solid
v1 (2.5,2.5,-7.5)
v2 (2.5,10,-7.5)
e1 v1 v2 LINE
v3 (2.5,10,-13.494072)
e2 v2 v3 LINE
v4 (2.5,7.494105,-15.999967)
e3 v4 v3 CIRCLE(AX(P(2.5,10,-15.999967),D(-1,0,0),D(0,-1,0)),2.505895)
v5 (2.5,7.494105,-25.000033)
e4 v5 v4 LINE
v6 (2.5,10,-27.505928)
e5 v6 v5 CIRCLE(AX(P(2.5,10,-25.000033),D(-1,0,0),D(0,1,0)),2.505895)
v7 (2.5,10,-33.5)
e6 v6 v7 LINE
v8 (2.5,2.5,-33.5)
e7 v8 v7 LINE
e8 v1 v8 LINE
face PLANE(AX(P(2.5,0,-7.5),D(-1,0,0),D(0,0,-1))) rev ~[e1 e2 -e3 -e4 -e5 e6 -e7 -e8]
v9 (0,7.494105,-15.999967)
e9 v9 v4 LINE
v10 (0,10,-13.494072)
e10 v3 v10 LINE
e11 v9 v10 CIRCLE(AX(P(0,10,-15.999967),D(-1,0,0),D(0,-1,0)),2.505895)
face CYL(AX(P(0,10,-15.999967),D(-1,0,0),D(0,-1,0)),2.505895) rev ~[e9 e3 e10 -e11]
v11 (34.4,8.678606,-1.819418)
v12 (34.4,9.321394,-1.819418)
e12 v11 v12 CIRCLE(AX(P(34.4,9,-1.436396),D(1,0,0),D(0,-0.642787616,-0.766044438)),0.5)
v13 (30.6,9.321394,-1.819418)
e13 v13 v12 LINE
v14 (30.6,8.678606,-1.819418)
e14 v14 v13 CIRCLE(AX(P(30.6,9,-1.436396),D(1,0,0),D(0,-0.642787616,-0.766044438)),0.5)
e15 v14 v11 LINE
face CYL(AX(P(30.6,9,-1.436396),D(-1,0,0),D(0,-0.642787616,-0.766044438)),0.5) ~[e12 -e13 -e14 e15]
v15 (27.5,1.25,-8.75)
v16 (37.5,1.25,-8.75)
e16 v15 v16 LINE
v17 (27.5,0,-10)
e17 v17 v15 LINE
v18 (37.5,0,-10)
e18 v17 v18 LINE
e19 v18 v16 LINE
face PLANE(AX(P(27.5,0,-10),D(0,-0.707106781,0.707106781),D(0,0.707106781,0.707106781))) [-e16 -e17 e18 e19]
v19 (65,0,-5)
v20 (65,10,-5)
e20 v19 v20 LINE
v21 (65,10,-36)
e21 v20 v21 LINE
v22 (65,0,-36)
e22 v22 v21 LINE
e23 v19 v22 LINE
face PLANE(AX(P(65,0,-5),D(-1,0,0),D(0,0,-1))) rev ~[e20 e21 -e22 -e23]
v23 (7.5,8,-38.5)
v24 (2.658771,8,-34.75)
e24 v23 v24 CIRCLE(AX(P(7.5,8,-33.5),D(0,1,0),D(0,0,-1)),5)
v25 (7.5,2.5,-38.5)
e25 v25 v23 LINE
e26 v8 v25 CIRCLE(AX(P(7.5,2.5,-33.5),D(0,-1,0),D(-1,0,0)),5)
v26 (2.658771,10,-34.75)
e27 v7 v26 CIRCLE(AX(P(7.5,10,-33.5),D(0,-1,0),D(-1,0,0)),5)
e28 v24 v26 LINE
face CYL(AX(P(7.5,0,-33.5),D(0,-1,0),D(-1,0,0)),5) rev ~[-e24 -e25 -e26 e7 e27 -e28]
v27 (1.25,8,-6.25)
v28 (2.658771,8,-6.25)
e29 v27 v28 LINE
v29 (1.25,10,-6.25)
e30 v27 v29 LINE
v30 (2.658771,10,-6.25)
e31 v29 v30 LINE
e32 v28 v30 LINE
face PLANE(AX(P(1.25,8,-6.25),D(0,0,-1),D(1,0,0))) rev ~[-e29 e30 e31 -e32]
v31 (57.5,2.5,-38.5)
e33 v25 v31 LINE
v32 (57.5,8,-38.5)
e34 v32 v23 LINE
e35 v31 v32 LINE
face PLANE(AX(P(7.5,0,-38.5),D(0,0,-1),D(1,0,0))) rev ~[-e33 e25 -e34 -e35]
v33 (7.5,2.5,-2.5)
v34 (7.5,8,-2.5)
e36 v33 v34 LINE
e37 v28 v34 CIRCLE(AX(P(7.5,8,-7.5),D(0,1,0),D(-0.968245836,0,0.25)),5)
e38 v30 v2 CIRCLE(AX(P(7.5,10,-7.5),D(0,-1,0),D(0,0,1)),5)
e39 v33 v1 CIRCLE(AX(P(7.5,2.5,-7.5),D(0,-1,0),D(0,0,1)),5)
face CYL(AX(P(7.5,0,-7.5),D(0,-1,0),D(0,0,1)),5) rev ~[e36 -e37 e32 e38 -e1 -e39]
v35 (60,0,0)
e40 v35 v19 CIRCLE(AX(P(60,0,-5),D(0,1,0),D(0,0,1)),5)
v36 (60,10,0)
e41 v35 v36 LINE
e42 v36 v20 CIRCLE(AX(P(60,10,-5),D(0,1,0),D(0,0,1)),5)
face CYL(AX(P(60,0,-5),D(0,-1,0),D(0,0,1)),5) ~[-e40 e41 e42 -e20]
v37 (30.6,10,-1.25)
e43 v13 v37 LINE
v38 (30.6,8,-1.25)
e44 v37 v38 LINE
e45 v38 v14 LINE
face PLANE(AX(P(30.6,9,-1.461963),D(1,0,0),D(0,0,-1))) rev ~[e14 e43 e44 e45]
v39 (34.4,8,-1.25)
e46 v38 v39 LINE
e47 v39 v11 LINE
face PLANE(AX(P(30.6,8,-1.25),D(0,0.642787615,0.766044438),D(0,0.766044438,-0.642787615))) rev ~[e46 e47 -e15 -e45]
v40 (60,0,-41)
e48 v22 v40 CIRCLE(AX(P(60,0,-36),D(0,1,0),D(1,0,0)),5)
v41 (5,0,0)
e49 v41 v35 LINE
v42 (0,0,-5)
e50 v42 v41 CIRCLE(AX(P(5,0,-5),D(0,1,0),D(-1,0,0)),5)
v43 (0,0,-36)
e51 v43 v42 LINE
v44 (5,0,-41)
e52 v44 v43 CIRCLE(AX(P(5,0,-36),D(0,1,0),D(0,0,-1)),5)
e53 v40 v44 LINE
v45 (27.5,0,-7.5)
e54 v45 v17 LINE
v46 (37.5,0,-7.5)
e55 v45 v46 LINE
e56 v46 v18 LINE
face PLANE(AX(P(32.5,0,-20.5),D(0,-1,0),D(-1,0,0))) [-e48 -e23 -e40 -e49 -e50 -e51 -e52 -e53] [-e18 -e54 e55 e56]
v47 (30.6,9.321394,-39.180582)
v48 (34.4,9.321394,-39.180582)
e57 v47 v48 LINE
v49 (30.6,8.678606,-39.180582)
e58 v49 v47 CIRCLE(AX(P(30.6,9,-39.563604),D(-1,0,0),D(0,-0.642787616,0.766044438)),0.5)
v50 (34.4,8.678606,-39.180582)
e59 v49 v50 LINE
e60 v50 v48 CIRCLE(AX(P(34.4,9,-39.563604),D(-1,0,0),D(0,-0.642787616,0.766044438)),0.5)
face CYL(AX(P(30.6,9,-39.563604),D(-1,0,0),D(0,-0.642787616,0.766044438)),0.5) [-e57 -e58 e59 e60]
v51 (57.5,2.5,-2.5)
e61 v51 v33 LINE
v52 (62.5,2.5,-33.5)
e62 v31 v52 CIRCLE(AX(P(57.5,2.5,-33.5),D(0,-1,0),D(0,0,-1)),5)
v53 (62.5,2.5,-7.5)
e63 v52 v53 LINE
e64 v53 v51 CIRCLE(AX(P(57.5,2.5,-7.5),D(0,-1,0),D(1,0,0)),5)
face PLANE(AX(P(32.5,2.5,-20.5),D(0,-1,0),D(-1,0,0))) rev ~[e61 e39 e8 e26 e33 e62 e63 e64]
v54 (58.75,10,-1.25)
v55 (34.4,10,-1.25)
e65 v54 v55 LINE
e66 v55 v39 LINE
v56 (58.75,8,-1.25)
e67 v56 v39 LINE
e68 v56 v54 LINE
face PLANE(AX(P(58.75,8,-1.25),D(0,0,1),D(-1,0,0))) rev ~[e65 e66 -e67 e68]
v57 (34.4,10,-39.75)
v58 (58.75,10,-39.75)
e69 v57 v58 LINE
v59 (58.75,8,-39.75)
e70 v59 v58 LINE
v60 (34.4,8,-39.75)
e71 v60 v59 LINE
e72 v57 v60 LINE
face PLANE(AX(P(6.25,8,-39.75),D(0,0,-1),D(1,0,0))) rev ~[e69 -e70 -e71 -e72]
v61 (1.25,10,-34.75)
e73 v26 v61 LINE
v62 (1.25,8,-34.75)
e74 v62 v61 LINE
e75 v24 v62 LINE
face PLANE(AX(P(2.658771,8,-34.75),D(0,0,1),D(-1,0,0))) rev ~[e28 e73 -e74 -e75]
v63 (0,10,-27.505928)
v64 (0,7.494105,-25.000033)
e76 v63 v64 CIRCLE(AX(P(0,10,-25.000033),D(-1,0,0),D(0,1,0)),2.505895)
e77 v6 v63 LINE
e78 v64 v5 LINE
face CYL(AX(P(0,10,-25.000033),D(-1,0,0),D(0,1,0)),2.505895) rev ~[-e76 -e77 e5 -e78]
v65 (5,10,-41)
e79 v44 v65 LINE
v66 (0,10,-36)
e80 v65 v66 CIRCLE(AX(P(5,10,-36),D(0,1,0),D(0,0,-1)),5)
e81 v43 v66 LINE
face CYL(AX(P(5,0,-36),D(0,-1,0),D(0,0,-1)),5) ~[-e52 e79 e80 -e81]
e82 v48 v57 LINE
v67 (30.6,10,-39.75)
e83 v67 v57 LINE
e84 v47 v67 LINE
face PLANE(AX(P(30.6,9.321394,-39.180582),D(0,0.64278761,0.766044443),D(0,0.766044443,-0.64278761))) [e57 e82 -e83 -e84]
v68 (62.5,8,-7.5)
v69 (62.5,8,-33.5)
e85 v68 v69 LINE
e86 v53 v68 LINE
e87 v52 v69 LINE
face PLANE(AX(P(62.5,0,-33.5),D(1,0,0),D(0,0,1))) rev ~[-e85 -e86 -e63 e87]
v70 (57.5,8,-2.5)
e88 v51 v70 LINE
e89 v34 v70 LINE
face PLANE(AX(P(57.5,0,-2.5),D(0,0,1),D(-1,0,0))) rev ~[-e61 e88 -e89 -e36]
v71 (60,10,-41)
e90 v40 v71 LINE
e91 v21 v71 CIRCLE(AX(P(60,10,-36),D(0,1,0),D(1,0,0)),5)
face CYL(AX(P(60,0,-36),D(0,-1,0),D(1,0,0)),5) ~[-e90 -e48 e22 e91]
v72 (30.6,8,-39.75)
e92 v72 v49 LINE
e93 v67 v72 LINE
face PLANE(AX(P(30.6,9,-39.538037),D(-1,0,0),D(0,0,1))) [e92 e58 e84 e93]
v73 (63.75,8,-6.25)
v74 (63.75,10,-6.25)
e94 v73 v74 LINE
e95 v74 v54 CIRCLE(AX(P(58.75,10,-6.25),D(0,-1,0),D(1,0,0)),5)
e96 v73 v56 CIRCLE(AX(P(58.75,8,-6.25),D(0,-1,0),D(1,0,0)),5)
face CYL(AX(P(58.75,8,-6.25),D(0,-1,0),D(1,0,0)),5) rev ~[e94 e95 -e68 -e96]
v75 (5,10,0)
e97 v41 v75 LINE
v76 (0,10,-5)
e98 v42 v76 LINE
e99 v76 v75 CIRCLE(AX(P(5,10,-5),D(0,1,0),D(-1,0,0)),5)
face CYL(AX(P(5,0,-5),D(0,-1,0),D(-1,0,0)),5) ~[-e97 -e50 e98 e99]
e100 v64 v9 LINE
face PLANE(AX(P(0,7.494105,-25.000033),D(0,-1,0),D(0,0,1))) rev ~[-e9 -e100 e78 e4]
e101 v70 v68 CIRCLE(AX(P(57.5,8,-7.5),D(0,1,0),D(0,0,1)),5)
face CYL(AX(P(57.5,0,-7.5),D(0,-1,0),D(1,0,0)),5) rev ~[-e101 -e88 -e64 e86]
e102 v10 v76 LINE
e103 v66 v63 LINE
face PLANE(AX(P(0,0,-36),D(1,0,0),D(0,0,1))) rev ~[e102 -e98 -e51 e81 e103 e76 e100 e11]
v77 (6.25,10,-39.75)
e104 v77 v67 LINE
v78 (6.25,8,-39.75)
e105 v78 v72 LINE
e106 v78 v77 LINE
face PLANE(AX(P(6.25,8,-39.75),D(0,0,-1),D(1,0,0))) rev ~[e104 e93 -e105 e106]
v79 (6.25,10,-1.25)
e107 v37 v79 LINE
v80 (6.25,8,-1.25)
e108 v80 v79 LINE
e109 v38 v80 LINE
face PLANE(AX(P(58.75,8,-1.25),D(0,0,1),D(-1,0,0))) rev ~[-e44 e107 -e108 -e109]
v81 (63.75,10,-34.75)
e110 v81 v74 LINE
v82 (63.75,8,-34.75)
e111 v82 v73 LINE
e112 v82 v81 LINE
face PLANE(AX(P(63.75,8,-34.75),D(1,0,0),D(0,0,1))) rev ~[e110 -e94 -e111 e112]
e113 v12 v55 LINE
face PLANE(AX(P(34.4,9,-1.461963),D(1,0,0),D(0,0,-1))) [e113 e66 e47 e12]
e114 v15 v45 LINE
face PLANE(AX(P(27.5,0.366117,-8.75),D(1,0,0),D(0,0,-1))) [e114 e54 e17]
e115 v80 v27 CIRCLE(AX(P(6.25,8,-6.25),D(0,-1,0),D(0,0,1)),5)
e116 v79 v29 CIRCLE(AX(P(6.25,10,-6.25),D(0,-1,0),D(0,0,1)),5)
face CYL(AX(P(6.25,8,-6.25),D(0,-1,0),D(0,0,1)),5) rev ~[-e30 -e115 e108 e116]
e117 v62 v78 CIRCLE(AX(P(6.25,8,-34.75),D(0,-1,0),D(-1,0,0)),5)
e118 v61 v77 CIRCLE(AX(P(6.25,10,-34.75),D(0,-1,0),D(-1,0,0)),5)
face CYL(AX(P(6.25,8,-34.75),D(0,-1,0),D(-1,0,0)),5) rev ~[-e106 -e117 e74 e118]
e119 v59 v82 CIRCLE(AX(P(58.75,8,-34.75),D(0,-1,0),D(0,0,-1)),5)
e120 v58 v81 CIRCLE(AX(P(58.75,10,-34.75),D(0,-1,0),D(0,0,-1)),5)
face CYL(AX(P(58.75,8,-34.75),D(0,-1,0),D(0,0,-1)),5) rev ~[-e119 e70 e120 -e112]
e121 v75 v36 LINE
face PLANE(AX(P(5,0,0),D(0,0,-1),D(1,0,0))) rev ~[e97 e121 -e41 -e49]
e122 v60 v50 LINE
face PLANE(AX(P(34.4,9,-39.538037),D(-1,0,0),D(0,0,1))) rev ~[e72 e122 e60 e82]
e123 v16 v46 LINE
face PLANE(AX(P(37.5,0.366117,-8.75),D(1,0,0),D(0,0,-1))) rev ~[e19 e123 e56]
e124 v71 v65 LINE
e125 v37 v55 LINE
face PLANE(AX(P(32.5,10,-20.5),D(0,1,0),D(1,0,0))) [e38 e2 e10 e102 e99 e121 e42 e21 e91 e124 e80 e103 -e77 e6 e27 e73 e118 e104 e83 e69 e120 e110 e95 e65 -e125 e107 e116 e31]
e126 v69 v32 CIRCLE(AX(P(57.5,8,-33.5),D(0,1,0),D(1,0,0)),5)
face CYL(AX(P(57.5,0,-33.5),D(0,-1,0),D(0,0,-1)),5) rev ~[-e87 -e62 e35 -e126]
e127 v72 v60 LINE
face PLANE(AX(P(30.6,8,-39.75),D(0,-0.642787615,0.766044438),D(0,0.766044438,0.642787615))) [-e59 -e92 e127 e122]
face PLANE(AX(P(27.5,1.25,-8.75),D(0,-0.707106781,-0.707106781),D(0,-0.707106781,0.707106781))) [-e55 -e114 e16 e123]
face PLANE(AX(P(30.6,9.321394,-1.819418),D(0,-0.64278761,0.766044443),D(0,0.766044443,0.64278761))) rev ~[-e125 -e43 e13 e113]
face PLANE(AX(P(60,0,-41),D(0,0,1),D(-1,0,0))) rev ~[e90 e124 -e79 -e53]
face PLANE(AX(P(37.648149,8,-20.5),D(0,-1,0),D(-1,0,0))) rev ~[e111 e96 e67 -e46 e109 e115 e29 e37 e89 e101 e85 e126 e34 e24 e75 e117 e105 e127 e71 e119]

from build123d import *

# Parameters (mm, degrees)
BOSS_EXTRUDE1_DEPTH      = 10
BOSS_EXTRUDE2_DEPTH      = 2.5
CUT_EXTRUDE2_START       = -2
CUT_EXTRUDE2_DEPTH       = 2
BOSS_EXTRUDE3_DEPTH      = 1.9
BOSS_EXTRUDE3_DEPTH_BACK = 1.9
CUT_EXTRUDE3_DEPTH       = 5
CUT_EXTRUDE3_DEPTH_BACK  = 5
CUT_EXTRUDE4_DEPTH       = 10


with BuildPart() as part:
    # Sketch1 → Boss-Extrude1 (new body)
    with BuildSketch(Plane(origin=(0, 0, 0), x_dir=(1, 0, 0), z_dir=(0, 1, 0))):
        with BuildLine():
            Line((5, 0), (60, 0))
            ThreePointArc((60, 0), (63.535533906, 1.464466094), (65, 5))
            Line((65, 5), (65, 36))
            ThreePointArc((65, 36), (63.535533906, 39.535533906), (60, 41))
            Line((60, 41), (5, 41))
            ThreePointArc((5, 41), (1.464466094, 39.535533906), (0, 36))
            Line((0, 36), (0, 5))
            ThreePointArc((0, 5), (1.464466094, 1.464466094), (5, 0))
        make_face()
        with BuildLine():
            Line((7.5, 38.5), (57.5, 38.5))
            ThreePointArc((57.5, 38.5), (61.035533906, 37.035533906), (62.5, 33.5))
            Line((62.5, 33.5), (62.5, 7.5))
            ThreePointArc((62.5, 7.5), (61.035533906, 3.964466094), (57.5, 2.5))
            Line((57.5, 2.5), (7.5, 2.5))
            ThreePointArc((7.5, 2.5), (3.964466094, 3.964466094), (2.5, 7.5))
            Line((2.5, 7.5), (2.5, 33.5))
            ThreePointArc((2.5, 33.5), (3.964466094, 37.035533906), (7.5, 38.5))
        make_face(mode=Mode.SUBTRACT)
    extrude(amount=BOSS_EXTRUDE1_DEPTH)

    # Sketch2 → Boss-Extrude2 (add)
    with BuildSketch(Plane(origin=(0, 0, 0), x_dir=(1, 0, 0), z_dir=(0, 1, 0))):
        with BuildLine():
            Line((7.5, 38.5), (57.5, 38.5))
            ThreePointArc((57.5, 38.5), (61.035533906, 37.035533906), (62.5, 33.5))
            Line((62.5, 33.5), (62.5, 7.5))
            ThreePointArc((62.5, 7.5), (61.035533906, 3.964466094), (57.5, 2.5))
            Line((57.5, 2.5), (7.5, 2.5))
            ThreePointArc((7.5, 2.5), (3.964466094, 3.964466094), (2.5, 7.5))
            Line((2.5, 7.5), (2.5, 33.5))
            ThreePointArc((2.5, 33.5), (3.964466094, 37.035533906), (7.5, 38.5))
        make_face()
    extrude(amount=BOSS_EXTRUDE2_DEPTH)

    # Sketch4 → Cut-Extrude2 (cut)
    with BuildSketch(Plane(origin=(0, 10, 0), x_dir=(1, 0, 0), z_dir=(0, 1, 0)).offset(CUT_EXTRUDE2_START)):
        with BuildLine():
            Line((6.25, 39.75), (58.75, 39.75))
            ThreePointArc((58.75, 39.75), (62.285533906, 38.285533906), (63.75, 34.75))
            Line((63.75, 34.75), (63.75, 6.25))
            ThreePointArc((63.75, 6.25), (62.285533906, 2.714466094), (58.75, 1.25))
            Line((58.75, 1.25), (6.25, 1.25))
            ThreePointArc((6.25, 1.25), (2.714466094, 2.714466094), (1.25, 6.25))
            Line((1.25, 6.25), (2.658770817, 6.25))
            ThreePointArc((2.658770817, 6.25), (4.438137822, 3.547152925), (7.5, 2.5))
            Line((7.5, 2.5), (57.5, 2.5))
            ThreePointArc((57.5, 2.5), (61.035533906, 3.964466094), (62.5, 7.5))
            Line((62.5, 7.5), (62.5, 33.5))
            ThreePointArc((62.5, 33.5), (61.035533906, 37.035533906), (57.5, 38.5))
            Line((57.5, 38.5), (7.5, 38.5))
            ThreePointArc((7.5, 38.5), (4.438137822, 37.452847075), (2.658770817, 34.75))
            Line((2.658770817, 34.75), (1.25, 34.75))
            ThreePointArc((1.25, 34.75), (2.714466094, 38.285533906), (6.25, 39.75))
        make_face()
    extrude(amount=CUT_EXTRUDE2_DEPTH, mode=Mode.SUBTRACT)

    # Sketch5 → Boss-Extrude3 (add, two sides: drawn at the far end of the back side and taken through both)
    with BuildSketch(Plane(origin=(32.5, 0, 0), x_dir=(0, 0, -1), z_dir=(1, 0, 0)).offset(-BOSS_EXTRUDE3_DEPTH_BACK)):
        with BuildLine():
            Line((1.25, 10), (1.25, 8))
            Line((1.25, 8), (1.81941821, 8.678606187))
            ThreePointArc((1.81941821, 8.678606187), (1.936395991, 8.999999993), (1.819418212, 9.3213938))
            Line((1.819418212, 9.3213938), (1.25, 10))
        make_face()
        with BuildLine():
            Line((39.180581788, 9.3213938), (39.75, 10))
            Line((39.75, 10), (39.75, 8))
            Line((39.75, 8), (39.18058179, 8.678606187))
            ThreePointArc((39.18058179, 8.678606187), (39.063604009, 8.999999993), (39.180581788, 9.3213938))
        make_face()
    extrude(amount=BOSS_EXTRUDE3_DEPTH + BOSS_EXTRUDE3_DEPTH_BACK)

    # Sketch6 → Cut-Extrude3 (cut, two sides: drawn at the far end of the back side and taken through both)
    with BuildSketch(Plane(origin=(32.5, 0, 0), x_dir=(0, 0, -1), z_dir=(1, 0, 0)).offset(-CUT_EXTRUDE3_DEPTH_BACK)):
        Polygon((10, 0), (8.75, 1.25), (7.5, 0), align=None)
    extrude(amount=CUT_EXTRUDE3_DEPTH + CUT_EXTRUDE3_DEPTH_BACK, mode=Mode.SUBTRACT)

    # Sketch3 → Cut-Extrude4 (cut)
    with BuildSketch(Plane(origin=(0, 0, 0), x_dir=(0, 0, -1), z_dir=(1, 0, 0))):
        with BuildLine():
            Line((25.000032513, 7.494104603), (15.999967487, 7.494104603))
            ThreePointArc((15.999967487, 7.494104603), (13.49407209, 10), (15.999967487, 12.505895397))
            Line((15.999967487, 12.505895397), (25.000032513, 12.505895397))
            ThreePointArc((25.000032513, 12.505895397), (27.50592791, 10), (25.000032513, 7.494104603))
        make_face()
    extrude(amount=CUT_EXTRUDE4_DEPTH, mode=Mode.SUBTRACT)


solid = part.part
